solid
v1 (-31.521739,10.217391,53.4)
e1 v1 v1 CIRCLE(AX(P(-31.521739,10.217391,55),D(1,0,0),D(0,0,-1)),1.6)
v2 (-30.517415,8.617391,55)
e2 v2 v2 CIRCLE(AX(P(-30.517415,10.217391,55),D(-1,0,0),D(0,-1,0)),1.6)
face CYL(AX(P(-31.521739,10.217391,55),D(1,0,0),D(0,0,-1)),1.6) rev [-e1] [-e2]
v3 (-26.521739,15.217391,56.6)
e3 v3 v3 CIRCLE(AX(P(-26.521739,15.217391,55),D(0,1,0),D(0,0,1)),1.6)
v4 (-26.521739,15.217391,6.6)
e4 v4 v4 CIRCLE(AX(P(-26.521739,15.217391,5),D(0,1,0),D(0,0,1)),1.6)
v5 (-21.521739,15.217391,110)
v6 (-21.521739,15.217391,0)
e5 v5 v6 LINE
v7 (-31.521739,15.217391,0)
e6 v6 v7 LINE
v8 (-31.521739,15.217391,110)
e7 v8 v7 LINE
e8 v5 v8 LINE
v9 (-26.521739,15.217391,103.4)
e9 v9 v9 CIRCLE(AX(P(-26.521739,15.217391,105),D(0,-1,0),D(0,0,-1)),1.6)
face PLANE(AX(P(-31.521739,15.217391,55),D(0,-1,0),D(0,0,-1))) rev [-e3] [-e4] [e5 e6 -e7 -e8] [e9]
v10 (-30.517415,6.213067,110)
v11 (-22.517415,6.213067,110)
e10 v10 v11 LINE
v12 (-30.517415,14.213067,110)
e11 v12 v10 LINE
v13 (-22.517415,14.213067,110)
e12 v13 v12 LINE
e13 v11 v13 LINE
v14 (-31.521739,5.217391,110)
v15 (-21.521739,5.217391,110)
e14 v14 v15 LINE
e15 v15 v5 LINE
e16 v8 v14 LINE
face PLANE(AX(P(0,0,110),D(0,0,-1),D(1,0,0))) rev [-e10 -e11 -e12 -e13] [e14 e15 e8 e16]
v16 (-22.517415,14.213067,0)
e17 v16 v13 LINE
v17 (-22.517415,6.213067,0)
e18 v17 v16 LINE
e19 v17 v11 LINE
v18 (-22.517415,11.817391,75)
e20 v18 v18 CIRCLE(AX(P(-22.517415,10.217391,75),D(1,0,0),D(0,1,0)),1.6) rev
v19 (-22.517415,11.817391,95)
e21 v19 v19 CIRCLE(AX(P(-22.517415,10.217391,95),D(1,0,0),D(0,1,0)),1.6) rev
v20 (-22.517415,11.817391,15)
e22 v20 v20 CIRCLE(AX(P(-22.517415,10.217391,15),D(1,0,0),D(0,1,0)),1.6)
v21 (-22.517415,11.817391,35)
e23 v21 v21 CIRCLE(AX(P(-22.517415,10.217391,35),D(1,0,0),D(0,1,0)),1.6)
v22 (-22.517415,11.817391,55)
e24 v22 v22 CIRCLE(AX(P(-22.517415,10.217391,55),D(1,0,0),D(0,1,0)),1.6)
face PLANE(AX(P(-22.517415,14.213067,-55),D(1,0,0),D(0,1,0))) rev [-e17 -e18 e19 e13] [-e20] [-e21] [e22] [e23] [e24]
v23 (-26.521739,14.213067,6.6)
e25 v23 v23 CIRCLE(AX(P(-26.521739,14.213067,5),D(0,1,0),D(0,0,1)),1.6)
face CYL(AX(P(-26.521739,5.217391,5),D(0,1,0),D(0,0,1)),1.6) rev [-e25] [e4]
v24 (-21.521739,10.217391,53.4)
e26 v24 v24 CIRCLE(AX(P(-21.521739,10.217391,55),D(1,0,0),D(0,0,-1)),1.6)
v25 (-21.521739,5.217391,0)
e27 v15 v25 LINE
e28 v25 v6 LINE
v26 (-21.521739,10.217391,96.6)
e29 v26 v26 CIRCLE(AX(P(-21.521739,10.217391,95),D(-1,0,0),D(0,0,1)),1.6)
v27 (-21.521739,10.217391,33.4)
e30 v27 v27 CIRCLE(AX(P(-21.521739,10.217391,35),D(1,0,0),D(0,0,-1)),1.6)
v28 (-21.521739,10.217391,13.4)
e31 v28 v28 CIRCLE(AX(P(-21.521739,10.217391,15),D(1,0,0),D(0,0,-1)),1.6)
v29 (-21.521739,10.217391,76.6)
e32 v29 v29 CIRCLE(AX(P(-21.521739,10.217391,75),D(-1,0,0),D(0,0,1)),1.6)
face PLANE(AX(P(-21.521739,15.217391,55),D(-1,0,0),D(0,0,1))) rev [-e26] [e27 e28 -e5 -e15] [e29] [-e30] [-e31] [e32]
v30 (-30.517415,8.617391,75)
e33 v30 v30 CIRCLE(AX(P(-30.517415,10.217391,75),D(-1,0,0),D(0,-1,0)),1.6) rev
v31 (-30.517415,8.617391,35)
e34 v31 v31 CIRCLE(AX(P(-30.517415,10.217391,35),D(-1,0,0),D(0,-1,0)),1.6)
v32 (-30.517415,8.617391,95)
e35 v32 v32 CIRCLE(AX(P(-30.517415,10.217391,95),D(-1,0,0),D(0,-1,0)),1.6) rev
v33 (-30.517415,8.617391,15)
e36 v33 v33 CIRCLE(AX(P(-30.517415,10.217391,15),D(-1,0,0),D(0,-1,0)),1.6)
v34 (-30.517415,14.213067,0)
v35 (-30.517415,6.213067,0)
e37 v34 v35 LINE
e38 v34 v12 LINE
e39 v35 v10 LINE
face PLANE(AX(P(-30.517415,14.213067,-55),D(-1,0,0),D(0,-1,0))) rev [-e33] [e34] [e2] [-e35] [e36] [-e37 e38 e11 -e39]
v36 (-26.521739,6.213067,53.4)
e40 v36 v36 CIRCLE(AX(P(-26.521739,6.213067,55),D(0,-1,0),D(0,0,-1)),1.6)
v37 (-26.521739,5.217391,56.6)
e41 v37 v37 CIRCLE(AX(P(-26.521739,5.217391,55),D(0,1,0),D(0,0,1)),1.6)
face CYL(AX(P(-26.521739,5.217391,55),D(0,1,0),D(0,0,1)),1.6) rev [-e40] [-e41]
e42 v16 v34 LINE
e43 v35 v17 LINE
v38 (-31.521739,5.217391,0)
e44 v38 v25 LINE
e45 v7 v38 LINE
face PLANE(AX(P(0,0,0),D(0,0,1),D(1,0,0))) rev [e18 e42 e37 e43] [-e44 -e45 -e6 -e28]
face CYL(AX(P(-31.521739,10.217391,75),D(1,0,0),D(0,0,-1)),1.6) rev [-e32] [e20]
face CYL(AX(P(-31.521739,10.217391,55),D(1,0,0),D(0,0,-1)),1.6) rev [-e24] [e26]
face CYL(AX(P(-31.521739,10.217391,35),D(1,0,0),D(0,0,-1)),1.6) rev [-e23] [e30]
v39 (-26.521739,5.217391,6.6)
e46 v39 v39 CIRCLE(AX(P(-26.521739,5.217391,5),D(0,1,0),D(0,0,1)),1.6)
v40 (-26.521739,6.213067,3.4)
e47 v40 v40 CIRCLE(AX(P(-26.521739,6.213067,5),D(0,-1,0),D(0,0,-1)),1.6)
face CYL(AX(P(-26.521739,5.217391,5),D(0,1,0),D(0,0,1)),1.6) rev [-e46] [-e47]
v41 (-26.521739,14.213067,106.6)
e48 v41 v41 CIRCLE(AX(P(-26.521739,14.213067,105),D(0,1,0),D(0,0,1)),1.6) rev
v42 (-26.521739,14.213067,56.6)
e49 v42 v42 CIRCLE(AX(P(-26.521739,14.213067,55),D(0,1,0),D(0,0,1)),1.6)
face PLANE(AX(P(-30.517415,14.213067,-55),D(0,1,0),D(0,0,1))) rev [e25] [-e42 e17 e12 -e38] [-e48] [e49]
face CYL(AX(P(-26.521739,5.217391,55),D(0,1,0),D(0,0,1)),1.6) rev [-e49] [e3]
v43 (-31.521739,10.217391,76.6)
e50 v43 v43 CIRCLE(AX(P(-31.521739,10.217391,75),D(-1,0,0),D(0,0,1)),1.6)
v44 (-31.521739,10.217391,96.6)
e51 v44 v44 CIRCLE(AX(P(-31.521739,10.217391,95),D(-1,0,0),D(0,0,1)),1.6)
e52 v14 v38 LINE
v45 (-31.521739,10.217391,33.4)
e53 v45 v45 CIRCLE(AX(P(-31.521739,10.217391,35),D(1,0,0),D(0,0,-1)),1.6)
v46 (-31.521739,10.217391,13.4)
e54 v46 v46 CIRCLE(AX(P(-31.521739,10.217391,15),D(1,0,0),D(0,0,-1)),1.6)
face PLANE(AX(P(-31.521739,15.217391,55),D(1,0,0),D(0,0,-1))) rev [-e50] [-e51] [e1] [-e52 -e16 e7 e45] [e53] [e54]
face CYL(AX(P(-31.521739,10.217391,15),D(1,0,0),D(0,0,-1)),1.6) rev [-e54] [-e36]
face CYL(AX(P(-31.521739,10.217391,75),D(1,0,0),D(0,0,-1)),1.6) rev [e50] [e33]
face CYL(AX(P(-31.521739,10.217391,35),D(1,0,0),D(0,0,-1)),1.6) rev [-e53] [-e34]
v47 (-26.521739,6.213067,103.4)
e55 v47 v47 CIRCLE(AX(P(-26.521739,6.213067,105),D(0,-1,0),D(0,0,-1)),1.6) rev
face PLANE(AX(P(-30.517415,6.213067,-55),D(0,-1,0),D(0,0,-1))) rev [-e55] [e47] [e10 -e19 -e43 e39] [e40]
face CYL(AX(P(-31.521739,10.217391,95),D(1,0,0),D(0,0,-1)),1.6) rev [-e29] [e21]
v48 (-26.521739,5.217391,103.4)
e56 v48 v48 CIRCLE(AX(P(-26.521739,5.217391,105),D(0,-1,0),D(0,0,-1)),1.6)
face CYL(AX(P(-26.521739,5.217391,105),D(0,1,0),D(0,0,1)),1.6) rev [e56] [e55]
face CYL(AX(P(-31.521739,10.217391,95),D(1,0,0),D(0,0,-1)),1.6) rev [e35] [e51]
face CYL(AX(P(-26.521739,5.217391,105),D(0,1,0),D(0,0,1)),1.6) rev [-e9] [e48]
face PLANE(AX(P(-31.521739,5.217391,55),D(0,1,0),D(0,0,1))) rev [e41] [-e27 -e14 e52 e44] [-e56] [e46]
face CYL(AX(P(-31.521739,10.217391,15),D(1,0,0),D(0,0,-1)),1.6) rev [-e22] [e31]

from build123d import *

# Parameters (mm, degrees)
SKETCH1_W           = 10
SKETCH1_H           = 10
BOSS_EXTRUDE1_DEPTH = 55
SKETCH2_W           = 8
SKETCH2_H           = 8
CUT_EXTRUDE1_DEPTH  = 110
SKETCH4_R           = 1.6
CUT_EXTRUDE2_DEPTH  = 10
SKETCH3_R           = 1.6
CUT_EXTRUDE3_DEPTH  = 10


with BuildPart() as part:
    # Sketch1 → Boss-Extrude1 (new body)
    with BuildSketch(Plane.XY):
        with Locations((-26.52173913, 10.217391304)):
            Rectangle(SKETCH1_W, SKETCH1_H)
    boss_extrude1 = extrude(amount=BOSS_EXTRUDE1_DEPTH)

    # Sketch2 → Cut-Extrude1 (cut)
    with BuildSketch(Plane.XY.offset(55)):
        with Locations((-26.517415058, 10.213067232)):
            Rectangle(SKETCH2_W, SKETCH2_H)
    cut_extrude1 = extrude(amount=-CUT_EXTRUDE1_DEPTH, mode=Mode.SUBTRACT)

    # Sketch4 → Cut-Extrude2 (cut)
    with BuildSketch(Plane(origin=(-21.52173913, 0, 0), x_dir=(0, 0, -1), z_dir=(1, 0, 0))):
        with Locations((-15, 10.217391304)):
            Circle(SKETCH4_R)
        with Locations((-35, 10.217391304)):
            Circle(SKETCH4_R)
        with Locations((-55, 10.217391304)):
            Circle(SKETCH4_R)
    cut_extrude2 = extrude(amount=-CUT_EXTRUDE2_DEPTH, mode=Mode.SUBTRACT)

    # Sketch3 → Cut-Extrude3 (cut)
    with BuildSketch(Plane(origin=(0, 15.217391304, 0), x_dir=(1, 0, 0), z_dir=(0, 1, 0))):
        with BuildLine():
            Line((-28.12173913, -55), (-24.92173913, -55))
            ThreePointArc((-24.92173913, -55), (-26.52173913, -53.4), (-28.12173913, -55))
        make_face()
        with BuildLine():
            ThreePointArc((-28.12173913, -55), (-26.52173913, -56.6), (-24.92173913, -55))
            Line((-24.92173913, -55), (-28.12173913, -55))
        make_face()
        with Locations(Location((-26.52173913, -5, 0), (0, 0, 270))):
            Circle(SKETCH3_R)
    cut_extrude3 = extrude(amount=-CUT_EXTRUDE3_DEPTH, mode=Mode.SUBTRACT)

    # Mirror1: Boss-Extrude1, Cut-Extrude1, Cut-Extrude2, Cut-Extrude3 across plane
    add(boss_extrude1.mirror(Plane.XY.offset(55)))
    add(cut_extrude1.mirror(Plane.XY.offset(55)), mode=Mode.SUBTRACT)
    add(cut_extrude2.mirror(Plane.XY.offset(55)), mode=Mode.SUBTRACT)
    add(cut_extrude3.mirror(Plane.XY.offset(55)), mode=Mode.SUBTRACT)


solid = part.part
